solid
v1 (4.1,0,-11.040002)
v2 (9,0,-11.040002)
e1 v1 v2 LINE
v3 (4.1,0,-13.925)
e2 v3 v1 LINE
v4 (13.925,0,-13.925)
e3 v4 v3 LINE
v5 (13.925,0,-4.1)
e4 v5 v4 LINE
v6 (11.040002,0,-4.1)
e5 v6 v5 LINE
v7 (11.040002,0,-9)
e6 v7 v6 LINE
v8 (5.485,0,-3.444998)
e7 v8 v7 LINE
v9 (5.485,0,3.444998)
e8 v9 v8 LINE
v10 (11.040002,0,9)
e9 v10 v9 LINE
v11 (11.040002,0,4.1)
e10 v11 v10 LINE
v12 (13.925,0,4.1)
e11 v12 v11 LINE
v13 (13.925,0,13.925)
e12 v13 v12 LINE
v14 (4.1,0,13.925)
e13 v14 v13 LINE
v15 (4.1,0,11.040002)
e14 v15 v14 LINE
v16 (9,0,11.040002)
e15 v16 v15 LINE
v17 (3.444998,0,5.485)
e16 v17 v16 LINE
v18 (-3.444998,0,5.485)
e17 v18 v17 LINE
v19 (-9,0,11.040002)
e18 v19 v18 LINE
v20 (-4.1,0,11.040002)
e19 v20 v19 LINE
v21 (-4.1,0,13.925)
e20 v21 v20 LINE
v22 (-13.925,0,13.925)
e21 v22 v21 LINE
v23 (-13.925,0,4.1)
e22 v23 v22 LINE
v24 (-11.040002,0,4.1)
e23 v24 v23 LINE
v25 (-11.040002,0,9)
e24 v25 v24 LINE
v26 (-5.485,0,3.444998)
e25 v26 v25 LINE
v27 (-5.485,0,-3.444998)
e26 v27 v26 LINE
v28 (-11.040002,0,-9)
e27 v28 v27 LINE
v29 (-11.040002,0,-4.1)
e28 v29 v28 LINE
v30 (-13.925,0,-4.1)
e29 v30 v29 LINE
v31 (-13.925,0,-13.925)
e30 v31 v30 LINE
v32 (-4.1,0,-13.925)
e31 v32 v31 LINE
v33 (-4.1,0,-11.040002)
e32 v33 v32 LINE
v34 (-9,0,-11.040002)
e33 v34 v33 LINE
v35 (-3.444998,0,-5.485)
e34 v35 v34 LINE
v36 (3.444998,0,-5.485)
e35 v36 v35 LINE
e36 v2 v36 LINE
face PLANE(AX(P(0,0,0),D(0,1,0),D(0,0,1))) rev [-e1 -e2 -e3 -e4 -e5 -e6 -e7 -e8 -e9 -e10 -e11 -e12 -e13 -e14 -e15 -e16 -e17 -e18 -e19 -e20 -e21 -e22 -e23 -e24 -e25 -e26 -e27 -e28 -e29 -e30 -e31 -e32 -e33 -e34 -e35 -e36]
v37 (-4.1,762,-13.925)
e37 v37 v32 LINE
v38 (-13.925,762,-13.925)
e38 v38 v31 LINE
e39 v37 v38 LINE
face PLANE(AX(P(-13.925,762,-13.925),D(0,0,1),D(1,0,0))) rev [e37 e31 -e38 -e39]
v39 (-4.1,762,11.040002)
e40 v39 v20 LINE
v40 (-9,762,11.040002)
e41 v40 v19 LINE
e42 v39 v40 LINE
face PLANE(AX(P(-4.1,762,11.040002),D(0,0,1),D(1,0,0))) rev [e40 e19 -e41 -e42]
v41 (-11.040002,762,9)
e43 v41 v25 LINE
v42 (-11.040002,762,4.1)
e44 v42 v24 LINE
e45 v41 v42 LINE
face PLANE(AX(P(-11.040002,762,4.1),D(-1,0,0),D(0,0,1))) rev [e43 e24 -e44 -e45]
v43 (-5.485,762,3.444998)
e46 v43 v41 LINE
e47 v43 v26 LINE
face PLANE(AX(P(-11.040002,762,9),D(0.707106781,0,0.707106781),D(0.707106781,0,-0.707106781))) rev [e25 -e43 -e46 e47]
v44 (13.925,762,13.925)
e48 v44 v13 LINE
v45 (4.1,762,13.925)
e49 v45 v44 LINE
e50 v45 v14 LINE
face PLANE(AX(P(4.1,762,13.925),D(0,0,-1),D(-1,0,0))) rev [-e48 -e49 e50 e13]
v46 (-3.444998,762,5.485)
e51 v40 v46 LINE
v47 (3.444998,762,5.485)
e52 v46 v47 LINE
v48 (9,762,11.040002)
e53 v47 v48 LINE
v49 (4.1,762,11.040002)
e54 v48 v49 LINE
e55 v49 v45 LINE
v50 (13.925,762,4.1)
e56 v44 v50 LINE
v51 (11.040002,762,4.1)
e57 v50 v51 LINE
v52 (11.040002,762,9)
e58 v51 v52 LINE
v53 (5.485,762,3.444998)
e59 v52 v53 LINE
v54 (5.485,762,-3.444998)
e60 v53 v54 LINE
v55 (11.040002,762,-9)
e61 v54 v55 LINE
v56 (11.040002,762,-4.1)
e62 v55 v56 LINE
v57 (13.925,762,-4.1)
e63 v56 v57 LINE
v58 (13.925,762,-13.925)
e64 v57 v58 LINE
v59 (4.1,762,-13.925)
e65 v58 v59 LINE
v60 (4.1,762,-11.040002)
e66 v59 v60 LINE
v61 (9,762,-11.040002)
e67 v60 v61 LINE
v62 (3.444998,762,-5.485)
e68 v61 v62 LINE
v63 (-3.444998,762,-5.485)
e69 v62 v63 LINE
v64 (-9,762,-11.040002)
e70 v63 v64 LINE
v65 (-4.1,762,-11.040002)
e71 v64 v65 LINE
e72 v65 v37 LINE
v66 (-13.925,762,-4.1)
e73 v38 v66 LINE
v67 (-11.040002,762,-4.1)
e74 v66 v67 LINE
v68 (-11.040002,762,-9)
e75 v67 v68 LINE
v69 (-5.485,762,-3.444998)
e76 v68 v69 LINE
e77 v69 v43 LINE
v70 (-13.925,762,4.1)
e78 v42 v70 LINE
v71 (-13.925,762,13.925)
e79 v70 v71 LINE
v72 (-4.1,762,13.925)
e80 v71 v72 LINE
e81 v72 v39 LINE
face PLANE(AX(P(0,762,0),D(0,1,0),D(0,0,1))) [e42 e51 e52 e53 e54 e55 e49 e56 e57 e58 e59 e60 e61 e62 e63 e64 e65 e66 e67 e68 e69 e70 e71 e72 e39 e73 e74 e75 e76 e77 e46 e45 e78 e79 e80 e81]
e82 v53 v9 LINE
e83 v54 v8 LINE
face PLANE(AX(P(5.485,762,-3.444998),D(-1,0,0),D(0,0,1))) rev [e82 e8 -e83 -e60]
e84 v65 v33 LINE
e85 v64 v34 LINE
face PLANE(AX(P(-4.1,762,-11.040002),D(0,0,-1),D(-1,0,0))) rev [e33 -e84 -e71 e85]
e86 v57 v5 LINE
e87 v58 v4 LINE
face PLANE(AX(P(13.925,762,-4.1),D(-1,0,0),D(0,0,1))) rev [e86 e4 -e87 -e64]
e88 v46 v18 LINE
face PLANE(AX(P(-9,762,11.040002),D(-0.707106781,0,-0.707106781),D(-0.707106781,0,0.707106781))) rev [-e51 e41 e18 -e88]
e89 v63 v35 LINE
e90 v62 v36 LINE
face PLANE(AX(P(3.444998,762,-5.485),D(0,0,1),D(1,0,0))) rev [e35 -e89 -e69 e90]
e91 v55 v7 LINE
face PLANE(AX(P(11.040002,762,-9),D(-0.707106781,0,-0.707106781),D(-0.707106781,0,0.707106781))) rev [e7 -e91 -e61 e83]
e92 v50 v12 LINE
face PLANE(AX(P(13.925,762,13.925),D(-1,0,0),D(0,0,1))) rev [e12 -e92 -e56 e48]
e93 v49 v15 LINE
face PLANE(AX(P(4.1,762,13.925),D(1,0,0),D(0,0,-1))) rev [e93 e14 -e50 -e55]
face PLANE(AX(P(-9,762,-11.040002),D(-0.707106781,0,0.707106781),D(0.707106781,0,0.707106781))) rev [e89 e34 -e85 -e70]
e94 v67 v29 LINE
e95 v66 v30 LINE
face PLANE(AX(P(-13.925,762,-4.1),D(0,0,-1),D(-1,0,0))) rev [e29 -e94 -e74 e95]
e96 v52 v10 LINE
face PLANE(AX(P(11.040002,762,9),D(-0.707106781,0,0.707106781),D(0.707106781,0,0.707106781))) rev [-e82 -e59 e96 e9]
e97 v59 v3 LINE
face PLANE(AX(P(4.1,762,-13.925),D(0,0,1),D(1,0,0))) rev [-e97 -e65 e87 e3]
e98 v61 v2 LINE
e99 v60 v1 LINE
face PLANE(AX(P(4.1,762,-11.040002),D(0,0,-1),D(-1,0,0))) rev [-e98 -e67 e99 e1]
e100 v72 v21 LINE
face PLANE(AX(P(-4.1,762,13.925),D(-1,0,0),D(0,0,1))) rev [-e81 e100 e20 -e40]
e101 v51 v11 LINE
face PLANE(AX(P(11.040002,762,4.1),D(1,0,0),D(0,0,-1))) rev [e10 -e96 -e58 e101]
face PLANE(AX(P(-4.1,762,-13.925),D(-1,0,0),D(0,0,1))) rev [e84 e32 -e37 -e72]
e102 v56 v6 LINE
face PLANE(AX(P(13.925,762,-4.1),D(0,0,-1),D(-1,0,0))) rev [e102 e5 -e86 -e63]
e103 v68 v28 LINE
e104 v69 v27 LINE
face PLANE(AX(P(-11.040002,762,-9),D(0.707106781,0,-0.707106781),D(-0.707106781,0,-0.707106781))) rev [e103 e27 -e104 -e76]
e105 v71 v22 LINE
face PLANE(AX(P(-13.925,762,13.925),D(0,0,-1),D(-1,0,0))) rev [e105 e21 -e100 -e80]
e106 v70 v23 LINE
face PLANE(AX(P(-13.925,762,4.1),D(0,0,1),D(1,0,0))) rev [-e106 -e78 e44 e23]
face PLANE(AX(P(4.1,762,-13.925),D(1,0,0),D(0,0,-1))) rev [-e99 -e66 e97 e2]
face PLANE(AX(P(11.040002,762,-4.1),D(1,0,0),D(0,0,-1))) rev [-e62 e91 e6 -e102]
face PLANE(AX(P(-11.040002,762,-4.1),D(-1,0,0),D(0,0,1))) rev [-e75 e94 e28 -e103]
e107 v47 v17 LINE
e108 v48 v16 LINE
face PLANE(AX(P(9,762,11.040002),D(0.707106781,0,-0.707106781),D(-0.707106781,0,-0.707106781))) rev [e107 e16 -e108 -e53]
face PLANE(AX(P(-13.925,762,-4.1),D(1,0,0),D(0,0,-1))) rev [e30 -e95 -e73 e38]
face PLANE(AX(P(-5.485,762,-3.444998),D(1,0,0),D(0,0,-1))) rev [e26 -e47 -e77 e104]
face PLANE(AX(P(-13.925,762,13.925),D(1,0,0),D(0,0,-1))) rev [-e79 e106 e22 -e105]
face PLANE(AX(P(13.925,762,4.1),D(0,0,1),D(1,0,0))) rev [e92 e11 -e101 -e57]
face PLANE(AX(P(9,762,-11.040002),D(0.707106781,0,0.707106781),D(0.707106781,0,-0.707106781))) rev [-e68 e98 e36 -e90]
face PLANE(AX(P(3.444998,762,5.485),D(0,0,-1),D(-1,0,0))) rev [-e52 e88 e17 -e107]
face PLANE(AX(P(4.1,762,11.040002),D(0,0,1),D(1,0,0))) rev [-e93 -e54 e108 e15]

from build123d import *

# Parameters (mm, degrees)
BOSS_EXTRUDE1_DEPTH = 762


with BuildPart() as part:
    # Sketch1 → Boss-Extrude1 (new body)
    with BuildSketch(Plane(origin=(0, 0, 0), x_dir=(1, 0, 0), z_dir=(0, 1, 0))):
        Polygon((-13.925, -13.925), (-4.1, -13.925), (-4.1, -11.040001795), (-9, -11.040001795), (-3.444998205, -5.485), (3.444998205, -5.485), (9, -11.040001795), (4.1, -11.040001795), (4.1, -13.925), (13.925, -13.925), (13.925, -4.1), (11.040001795, -4.1), (11.040001795, -9), (5.485, -3.444998205), (5.485, 3.444998205), (11.040001795, 9), (11.040001795, 4.1), (13.925, 4.1), (13.925, 13.925), (4.1, 13.925), (4.1, 11.040001795), (9, 11.040001795), (3.444998205, 5.485), (-3.444998205, 5.485), (-9, 11.040001795), (-4.1, 11.040001795), (-4.1, 13.925), (-13.925, 13.925), (-13.925, 4.1), (-11.040001795, 4.1), (-11.040001795, 9), (-5.485, 3.444998205), (-5.485, -3.444998205), (-11.040001795, -9), (-11.040001795, -4.1), (-13.925, -4.1), align=None)
    extrude(amount=BOSS_EXTRUDE1_DEPTH)


solid = part.part
